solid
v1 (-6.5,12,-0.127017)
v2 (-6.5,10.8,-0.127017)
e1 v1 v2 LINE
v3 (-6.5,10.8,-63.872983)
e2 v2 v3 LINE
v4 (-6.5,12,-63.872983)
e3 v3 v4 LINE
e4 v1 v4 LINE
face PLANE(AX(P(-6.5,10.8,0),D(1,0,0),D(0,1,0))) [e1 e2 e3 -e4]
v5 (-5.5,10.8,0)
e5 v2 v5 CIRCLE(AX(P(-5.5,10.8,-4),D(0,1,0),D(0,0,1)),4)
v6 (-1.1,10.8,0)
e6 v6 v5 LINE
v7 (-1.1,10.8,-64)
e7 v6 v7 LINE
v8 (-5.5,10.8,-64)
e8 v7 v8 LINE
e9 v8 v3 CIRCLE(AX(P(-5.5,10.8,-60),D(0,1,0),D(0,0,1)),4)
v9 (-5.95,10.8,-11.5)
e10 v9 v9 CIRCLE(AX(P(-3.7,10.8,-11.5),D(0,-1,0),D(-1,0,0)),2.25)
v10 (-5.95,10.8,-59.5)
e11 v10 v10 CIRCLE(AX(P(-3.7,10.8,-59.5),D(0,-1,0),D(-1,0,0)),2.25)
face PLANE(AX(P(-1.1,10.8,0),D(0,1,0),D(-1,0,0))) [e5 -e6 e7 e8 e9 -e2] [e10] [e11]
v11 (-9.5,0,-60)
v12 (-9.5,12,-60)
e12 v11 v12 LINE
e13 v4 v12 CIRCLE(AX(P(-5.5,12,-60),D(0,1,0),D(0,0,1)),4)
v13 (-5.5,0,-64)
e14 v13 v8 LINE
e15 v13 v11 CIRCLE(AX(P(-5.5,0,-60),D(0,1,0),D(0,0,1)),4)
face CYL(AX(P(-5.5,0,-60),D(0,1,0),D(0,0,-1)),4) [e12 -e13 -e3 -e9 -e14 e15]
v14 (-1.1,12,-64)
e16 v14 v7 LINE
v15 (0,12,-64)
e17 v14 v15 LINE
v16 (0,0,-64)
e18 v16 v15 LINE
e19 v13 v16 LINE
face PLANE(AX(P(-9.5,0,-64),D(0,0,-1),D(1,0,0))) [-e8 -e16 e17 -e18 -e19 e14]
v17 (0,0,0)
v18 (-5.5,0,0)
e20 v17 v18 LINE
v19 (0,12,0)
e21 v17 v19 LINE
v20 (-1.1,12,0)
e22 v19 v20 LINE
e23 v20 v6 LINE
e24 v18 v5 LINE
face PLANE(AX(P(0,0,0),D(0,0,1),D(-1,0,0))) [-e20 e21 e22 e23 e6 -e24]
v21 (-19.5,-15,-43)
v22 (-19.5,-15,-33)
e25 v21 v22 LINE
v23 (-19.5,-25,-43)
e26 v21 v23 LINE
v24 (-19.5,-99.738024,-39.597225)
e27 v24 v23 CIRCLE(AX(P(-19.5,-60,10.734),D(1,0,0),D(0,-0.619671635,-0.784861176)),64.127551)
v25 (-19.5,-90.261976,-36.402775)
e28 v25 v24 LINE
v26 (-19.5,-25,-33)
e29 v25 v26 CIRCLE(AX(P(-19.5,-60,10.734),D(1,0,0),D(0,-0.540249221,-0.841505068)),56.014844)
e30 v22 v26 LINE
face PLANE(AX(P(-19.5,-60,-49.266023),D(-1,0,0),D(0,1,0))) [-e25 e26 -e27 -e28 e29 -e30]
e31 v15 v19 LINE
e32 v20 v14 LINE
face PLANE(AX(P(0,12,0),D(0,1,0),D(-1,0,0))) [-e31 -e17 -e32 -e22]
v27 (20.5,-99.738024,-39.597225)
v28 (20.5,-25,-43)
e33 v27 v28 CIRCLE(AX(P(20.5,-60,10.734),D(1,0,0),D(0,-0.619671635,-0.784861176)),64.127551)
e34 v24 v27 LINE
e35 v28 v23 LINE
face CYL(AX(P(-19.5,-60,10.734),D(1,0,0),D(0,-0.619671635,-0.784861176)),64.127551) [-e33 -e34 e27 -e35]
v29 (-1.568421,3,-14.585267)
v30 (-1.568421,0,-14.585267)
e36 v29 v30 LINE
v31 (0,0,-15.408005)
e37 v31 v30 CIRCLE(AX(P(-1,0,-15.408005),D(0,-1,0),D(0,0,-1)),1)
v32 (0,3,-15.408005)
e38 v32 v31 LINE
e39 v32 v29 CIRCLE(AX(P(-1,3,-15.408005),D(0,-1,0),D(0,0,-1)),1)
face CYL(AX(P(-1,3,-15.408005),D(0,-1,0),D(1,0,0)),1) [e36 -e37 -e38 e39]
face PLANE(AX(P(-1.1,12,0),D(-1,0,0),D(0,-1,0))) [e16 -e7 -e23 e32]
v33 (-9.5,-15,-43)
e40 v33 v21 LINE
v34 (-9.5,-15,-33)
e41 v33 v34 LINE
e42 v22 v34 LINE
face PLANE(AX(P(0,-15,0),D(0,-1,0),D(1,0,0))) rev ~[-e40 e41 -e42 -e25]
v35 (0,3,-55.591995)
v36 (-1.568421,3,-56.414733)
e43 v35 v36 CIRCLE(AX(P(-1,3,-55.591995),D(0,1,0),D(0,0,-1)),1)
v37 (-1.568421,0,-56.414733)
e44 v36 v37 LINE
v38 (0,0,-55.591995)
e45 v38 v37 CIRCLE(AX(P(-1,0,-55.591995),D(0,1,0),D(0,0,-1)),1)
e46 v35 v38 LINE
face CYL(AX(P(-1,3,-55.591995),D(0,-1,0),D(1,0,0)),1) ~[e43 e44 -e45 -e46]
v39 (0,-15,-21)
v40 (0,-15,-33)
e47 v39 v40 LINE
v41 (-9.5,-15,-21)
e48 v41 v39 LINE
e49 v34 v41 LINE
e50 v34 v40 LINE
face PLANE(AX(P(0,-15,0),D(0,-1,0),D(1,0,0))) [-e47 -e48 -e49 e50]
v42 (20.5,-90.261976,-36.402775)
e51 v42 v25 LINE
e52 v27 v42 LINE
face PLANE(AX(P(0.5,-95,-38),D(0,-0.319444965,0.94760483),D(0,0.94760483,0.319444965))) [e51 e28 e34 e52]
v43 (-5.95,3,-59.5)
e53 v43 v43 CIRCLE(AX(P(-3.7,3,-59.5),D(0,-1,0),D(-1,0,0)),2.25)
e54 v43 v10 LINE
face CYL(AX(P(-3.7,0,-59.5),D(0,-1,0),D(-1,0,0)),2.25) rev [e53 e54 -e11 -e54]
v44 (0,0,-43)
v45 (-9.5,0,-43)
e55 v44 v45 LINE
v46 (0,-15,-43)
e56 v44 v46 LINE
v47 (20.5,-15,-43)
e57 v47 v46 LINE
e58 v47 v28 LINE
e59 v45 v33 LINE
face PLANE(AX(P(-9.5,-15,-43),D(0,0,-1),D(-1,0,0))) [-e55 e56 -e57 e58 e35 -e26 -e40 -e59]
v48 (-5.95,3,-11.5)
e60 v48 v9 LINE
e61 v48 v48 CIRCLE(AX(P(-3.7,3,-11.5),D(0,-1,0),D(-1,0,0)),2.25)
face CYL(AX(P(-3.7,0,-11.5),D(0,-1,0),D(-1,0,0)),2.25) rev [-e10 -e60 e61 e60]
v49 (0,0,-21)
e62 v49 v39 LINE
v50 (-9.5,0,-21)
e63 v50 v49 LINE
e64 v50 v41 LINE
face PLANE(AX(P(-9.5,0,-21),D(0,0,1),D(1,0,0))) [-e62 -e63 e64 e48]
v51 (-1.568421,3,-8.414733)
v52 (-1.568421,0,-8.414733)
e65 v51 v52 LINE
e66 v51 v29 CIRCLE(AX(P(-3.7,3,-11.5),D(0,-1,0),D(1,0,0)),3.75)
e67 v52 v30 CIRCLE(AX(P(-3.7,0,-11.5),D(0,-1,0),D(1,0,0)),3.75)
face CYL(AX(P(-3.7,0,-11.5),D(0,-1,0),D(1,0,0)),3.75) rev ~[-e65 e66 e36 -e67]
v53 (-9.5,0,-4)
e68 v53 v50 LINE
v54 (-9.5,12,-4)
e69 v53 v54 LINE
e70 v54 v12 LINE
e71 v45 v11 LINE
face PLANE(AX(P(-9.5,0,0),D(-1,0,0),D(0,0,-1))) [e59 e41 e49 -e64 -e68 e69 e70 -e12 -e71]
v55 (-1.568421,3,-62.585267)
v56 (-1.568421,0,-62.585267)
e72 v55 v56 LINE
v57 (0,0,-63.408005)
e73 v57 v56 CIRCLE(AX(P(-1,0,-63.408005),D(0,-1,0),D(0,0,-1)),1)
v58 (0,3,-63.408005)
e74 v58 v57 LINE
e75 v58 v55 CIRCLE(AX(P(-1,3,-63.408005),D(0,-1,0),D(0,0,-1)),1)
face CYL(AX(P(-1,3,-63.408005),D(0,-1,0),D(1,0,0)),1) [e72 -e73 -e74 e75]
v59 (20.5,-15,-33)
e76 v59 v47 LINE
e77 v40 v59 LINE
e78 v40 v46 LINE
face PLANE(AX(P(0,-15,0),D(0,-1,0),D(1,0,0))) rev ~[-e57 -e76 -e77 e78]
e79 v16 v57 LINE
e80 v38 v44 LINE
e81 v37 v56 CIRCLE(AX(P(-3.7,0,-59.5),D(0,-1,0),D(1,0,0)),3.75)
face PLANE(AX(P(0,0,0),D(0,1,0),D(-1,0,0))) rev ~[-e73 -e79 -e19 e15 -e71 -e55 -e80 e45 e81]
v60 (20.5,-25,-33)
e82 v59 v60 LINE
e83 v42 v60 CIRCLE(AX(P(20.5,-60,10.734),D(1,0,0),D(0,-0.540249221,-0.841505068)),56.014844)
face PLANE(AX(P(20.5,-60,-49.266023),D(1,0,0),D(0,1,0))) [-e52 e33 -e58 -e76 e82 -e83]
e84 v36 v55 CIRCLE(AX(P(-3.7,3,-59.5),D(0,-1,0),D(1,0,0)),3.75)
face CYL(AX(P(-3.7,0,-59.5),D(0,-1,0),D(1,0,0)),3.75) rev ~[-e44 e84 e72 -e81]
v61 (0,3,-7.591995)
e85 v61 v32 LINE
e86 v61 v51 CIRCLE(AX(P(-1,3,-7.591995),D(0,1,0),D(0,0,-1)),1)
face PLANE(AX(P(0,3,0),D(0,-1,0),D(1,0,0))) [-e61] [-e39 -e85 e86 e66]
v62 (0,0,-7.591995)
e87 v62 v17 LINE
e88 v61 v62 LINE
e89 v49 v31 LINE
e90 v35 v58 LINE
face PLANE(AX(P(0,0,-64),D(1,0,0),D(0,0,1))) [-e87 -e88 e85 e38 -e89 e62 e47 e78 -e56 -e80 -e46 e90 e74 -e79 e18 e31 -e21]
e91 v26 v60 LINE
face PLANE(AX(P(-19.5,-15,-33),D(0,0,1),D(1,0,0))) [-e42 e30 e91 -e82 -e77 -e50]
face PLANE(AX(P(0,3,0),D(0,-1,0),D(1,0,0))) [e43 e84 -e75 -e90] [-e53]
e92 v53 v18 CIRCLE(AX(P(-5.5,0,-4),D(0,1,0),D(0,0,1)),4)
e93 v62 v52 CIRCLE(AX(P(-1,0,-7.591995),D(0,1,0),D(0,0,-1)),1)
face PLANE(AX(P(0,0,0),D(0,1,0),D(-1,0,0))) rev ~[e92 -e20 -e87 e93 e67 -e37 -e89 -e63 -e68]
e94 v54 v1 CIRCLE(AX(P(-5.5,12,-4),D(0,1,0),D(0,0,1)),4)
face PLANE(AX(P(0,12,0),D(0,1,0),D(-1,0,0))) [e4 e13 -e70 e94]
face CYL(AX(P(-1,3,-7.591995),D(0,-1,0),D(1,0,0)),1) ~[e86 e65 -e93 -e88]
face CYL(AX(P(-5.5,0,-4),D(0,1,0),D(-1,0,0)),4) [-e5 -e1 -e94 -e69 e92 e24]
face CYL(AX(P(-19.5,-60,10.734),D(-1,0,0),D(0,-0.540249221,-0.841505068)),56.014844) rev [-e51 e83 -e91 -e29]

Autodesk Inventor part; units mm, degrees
ref_plane "YZ Plane" through (0, 0, 0) normal (1, 0, 0) x (0, 1, 0)
ref_plane "XZ Plane" through (0, 0, 0) normal (0, 1, 0) x (-1, 0, 0)
ref_plane "XY Plane" through (0, 0, 0) normal (0, 0, 1) x (1, 0, 0)
sketch "Sketch1" plane through (0, 0, 0) normal (0, 1, 0) x (-1, 0, 0)
  line L0 (0, 0) -> (9.5, 0)
  line L1 (9.5, 0) -> (9.5, -64)
  line L2 (9.5, -64) -> (0, -64)
  line L3 (0, -64) -> (0, 0)
  circle A0 centre (3.7, -11.5) radius 2.25
  circle A1 centre (3.7, -59.5) radius 2.25
  line L4 (3.7, -11.5) -> (3.7, -59.5) construction
  dimension "d1" = 9.5
  dimension "d2" = 64
  dimension "d3" = 4.5
  dimension "d4" = 48
  dimension "d6" = 3.7
  dimension "d17" = 4.5
extrude "Extrusion1" add sketch "Sketch1" along normal blind 12
sketch "Sketch2" plane through (-9.5, 0, 0) normal (0, 0, 1) x (1, 0, 0)
  line L0 (9.5, 12) -> (0, 12) projected
  line L1 (3, 12) -> (8.4, 12)
  line L2 (8.4, 12) -> (8.4, 10.8)
  line L3 (8.4, 10.8) -> (3, 10.8)
  line L4 (3, 10.8) -> (3, 12)
  line L5 (9.5, 0) -> (9.5, 12) projected
  line L6 (3.55, 0) -> (8.05, 0) projected
  line L7 (3.55, 12) -> (8.05, 12) projected
  line L8 (9.5, 0) -> (9.5, 12) projected
  line L9 (9.5, 0) -> (9.5, 12) projected
  line L10 (3.55, 12) -> (8.05, 12) projected
  line L11 (3.55, 12) -> (3.55, 0) projected
  line L12 (3.55, 12) -> (8.05, 12) projected
  line L13 (3.55, 0) -> (8.05, 0) projected
  line L14 (3.55, 12) -> (8.05, 12) projected
  line L15 (3.55, 0) -> (8.05, 0) projected
  line L16 (3.55, 12) -> (8.05, 12) projected
  line L17 (3.55, 0) -> (8.05, 0) projected
  dimension "d9" = 1.1
  dimension "d10" = 5.4
  dimension "d11" = 1.2
  dimension "d76" = 12
extrude "Extrusion2" cut sketch "Sketch2" against normal up to next
sketch "Sketch3" plane through (0, 0, 0) normal (0, -1, 0) x (1, 0, 0)
  circle A0 centre (-3.7, -11.5) radius 2.25 projected
  circle A1 centre (-3.7, -11.5) radius 3.75
  circle A2 centre (-3.7, -59.5) radius 2.25 projected
  circle A3 centre (-3.7, -59.5) radius 3.75
  point P0 (0, 0)
  dimension "d14" = 7.5
extrude "Extrusion3" cut sketch "Sketch3" against normal blind 3
fillet "Fillet1" radius 1 4 edges at (0, 1.5, -58.8897) (0, 1.5, -60.1103) (0, 1.5, -10.8897) (0, 1.5, -12.1103)
fillet "Fillet2" radius 4 2 edges at (-9.5, 6, -64) (-9.5, 6, 0)
sketch "Sketch15" plane through (0, 0, 0) normal (0, -1, 0) x (1, 0, 0)
  line L0 (0, 0) -> (0, -7.592) projected
  line L1 (-9.5, -32) -> (-9.5, -21)
  line L2 (-9.5, -21) -> (0, -21)
  line L3 (0, -21) -> (0, -43)
  line L4 (0, -43) -> (-9.5, -43)
  line L5 (-9.5, -43) -> (-9.5, -32)
  dimension "d79" = 11
  dimension "d80" = 22
extrude "Extrusion15" add sketch "Sketch15" along normal blind 15
sketch "Sketch21" plane through (0, -15, 0) normal (0, -1, 0) x (1, 0, 0)
  line L0 (-9.5, -43) -> (-19.5, -43)
  line L1 (-19.5, -43) -> (-19.5, -33)
  line L2 (-19.5, -33) -> (20.5, -33)
  line L3 (20.5, -33) -> (20.5, -43)
  line L4 (20.5, -43) -> (-9.5, -43)
  point P0 (0, 0)
  dimension "d93" = 10
  dimension "d94" = 10
  dimension "d95" = 40
  dimension "d96" = 10
extrude "Extrusion17" add sketch "Sketch21" along normal blind 10
sketch "Sketch27" plane through (0, -25, 0) normal (0, -1, 0) x (1, 0, 0)
  line L0 (-19.5, -33) -> (-19.5, -43) projected
  line L1 (-19.5, -43) -> (20.5, -43) projected
  line L2 (-19.5, -33) -> (20.5, -33)
  line L3 (20.5, -33) -> (20.5, -43)
  line L4 (20.5, -43) -> (-19.5, -43)
  line L5 (-19.5, -43) -> (-19.5, -33)
  point P0 (0, 0)
sketch "Sketch28" plane through (20.5, -15, -33) normal (1, 0, 0) x (0, 0, -1)
  line L0 (10, -10) -> (0, -10) projected
  arc A0 (5, -80) -> (5, -10) centre (-43.734, -45) ccw
  point P0 (-33, 15)
  dimension "d101" = 70
  dimension "d102" = 60
sweep "Sweep1" add profiles "Sketch27" path "Sketch28" path curves A0
properties part number "Front"
